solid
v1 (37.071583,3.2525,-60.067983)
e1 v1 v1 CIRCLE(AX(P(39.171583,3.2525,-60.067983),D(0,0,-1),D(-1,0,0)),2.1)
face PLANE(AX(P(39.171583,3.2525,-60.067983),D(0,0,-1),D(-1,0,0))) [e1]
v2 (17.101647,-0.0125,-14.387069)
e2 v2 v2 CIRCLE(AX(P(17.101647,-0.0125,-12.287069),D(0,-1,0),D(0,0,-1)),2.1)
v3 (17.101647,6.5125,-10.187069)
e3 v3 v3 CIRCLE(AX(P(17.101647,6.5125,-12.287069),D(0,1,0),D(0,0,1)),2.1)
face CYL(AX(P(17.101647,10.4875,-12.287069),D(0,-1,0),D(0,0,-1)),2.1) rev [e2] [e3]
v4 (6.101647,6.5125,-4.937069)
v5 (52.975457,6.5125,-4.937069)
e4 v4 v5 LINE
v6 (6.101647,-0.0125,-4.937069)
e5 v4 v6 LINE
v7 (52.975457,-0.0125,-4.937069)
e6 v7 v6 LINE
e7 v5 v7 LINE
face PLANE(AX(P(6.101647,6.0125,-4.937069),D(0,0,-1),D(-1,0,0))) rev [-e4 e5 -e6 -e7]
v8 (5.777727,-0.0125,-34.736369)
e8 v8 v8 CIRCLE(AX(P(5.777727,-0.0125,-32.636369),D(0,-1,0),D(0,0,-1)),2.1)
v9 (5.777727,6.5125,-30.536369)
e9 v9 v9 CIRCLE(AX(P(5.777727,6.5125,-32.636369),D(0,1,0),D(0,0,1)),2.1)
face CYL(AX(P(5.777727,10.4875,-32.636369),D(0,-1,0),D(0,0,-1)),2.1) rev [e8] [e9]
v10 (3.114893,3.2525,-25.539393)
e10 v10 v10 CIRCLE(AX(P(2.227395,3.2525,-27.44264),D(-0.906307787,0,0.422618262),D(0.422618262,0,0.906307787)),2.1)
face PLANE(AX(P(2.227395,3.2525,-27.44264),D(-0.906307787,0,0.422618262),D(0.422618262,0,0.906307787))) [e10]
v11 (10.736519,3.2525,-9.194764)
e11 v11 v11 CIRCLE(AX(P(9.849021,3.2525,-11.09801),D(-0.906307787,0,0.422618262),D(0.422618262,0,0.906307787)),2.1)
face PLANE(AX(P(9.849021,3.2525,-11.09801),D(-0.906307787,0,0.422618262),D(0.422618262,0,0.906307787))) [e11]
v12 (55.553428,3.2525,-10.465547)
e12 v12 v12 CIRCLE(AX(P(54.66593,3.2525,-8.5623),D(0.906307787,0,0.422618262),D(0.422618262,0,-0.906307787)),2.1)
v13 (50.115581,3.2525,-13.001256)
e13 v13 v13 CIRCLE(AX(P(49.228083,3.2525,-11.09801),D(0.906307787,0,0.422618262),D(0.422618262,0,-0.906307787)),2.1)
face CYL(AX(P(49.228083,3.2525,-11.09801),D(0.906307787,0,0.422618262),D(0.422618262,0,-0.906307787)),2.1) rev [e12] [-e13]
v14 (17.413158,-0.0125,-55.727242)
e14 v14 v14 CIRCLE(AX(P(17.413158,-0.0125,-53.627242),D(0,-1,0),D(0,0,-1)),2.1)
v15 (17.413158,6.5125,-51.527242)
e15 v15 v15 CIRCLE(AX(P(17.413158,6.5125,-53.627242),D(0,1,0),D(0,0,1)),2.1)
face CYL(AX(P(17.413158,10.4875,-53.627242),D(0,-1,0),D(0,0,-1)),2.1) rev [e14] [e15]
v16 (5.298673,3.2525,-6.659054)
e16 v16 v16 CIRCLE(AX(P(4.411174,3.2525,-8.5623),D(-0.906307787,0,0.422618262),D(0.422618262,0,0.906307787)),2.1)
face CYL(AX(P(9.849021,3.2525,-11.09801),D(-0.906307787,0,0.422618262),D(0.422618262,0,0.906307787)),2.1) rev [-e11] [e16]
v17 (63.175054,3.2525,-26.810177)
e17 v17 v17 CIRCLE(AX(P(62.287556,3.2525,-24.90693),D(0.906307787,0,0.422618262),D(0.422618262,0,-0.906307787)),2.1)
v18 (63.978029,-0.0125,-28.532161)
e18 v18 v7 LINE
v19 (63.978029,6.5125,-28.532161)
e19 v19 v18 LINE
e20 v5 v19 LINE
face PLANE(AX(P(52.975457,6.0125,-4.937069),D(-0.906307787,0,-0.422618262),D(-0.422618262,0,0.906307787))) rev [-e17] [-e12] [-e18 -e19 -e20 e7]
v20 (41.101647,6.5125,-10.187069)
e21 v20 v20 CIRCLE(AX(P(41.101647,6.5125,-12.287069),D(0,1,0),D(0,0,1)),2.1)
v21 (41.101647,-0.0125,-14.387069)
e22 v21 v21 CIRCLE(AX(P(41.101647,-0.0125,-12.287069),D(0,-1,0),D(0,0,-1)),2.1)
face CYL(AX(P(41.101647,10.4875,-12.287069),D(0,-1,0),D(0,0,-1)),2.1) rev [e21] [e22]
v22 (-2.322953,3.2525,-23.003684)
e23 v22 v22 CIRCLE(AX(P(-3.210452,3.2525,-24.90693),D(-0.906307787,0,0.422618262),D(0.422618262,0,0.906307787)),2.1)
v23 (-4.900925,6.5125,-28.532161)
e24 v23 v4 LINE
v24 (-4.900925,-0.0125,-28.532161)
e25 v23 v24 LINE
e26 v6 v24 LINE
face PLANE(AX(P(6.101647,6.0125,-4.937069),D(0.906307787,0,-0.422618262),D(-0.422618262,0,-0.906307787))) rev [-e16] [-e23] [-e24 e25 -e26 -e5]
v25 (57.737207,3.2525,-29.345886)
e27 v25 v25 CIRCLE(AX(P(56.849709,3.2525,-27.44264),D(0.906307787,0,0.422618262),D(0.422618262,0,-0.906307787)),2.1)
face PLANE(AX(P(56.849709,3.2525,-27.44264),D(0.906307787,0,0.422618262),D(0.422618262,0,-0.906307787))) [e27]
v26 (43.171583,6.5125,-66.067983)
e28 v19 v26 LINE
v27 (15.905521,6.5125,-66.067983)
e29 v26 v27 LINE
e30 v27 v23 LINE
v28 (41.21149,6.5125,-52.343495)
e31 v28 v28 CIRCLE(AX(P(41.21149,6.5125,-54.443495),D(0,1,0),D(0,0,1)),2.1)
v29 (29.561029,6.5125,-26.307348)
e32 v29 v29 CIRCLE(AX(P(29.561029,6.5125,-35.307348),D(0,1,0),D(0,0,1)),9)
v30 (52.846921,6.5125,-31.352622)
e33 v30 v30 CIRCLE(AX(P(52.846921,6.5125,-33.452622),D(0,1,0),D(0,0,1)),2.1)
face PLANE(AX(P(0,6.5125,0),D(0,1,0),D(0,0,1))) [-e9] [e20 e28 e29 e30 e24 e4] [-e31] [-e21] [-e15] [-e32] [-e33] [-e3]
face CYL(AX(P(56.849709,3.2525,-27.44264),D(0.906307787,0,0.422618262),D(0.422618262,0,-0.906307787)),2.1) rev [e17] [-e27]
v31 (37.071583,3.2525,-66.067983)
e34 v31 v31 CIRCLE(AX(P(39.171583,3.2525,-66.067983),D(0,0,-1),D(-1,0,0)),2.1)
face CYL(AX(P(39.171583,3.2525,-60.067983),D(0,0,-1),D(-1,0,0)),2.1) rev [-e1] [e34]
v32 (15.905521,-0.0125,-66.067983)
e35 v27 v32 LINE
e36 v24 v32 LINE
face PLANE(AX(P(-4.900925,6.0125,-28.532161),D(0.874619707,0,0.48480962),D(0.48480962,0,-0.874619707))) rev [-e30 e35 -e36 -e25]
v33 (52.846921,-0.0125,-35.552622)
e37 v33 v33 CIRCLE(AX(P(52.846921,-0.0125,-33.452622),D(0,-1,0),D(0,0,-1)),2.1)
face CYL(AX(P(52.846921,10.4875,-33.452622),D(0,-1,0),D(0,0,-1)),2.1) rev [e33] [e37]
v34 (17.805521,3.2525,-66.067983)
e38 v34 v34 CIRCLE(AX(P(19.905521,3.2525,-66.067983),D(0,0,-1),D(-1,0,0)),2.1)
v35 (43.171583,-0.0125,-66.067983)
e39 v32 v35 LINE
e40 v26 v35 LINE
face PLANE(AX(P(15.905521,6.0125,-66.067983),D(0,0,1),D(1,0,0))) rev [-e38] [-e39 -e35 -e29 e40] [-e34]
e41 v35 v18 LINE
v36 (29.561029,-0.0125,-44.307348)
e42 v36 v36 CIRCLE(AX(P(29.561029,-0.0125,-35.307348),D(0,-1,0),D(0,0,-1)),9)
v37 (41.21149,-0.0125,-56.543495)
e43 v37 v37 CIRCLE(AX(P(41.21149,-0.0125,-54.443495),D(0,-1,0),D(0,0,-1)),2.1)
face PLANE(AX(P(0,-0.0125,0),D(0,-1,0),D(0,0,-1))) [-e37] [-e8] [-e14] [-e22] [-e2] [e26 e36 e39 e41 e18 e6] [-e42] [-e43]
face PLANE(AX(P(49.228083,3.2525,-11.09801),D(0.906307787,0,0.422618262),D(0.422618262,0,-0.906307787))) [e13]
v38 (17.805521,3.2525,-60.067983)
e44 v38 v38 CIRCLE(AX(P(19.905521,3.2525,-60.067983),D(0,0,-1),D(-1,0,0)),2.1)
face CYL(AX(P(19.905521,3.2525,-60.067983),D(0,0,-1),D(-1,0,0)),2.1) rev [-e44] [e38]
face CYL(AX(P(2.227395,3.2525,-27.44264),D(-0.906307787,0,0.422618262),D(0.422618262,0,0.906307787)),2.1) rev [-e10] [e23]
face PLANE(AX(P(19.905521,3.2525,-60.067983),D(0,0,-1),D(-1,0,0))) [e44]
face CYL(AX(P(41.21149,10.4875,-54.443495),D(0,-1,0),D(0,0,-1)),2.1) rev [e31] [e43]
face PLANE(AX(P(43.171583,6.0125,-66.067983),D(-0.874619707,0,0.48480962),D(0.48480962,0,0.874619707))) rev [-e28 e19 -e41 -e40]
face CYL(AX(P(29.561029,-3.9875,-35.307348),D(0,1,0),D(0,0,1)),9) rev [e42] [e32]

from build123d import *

# Parameters (mm, degrees)
BOSS_EXTRUDE1_DEPTH = 6.5
SCALE1_SCALE        = 0.85
SKETCH2_R           = 9
CUT_EXTRUDE1_DEPTH  = 10
SKETCH7_R           = 2.1
CUT_EXTRUDE7_DEPTH  = 6
SKETCH8_R           = 2.1
CUT_EXTRUDE8_DEPTH  = 6
SKETCH9_R           = 2.1
CUT_EXTRUDE9_DEPTH  = 6
SKETCH10_R          = 2.1
CUT_EXTRUDE10_DEPTH = 10
SKETCH12_R          = 2.1
SKETCH12_R_2        = 9
BOSS_EXTRUDE2_DEPTH = 0.5
SKETCH13_R          = 2.1
SKETCH13_R_2        = 9
BOSS_EXTRUDE3_DEPTH = 0.5


with BuildPart() as part:
    # Sketch1 → Boss-Extrude1 (new body)
    with BuildSketch(Plane(origin=(0, 0, 0), x_dir=(1, 0, 0), z_dir=(0, 1, 0))):
        Polygon((1.965722873, 0), (57.111381005, 0), (70.055583492, 27.758931813), (45.577412376, 71.918721468), (13.499691502, 71.918721468), (-10.978479614, 27.758931813), align=None)
    extrude(amount=BOSS_EXTRUDE1_DEPTH)


with BuildPart() as part_1:
    # Scale1: scaled about (29.538551939, 3.25, -32.913795141)
    add(part.part.scale(SCALE1_SCALE).moved(Location((4.430782791, 0.4875, -4.937069271))))

    # Sketch2 → Cut-Extrude1 (cut)
    with BuildSketch(Plane(origin=(0, 6.0125, 0), x_dir=(1, 0, 0), z_dir=(0, 1, 0))):
        with Locations((29.561028759, 35.307348014)):
            Circle(SKETCH2_R)
    extrude(amount=-CUT_EXTRUDE1_DEPTH, mode=Mode.SUBTRACT)

    # Sketch7 → Cut-Extrude7 (cut)
    with BuildSketch(Plane(origin=(6.902862477, 0, -3.218857636), x_dir=(0.422618262, 0, 0.906307787), z_dir=(-0.906307787, 0, 0.422618262))):
        with Locations((-23.930140333, 3.2525)):
            Circle(SKETCH7_R)
        with Locations((-5.895836778, 3.2525)):
            Circle(SKETCH7_R)
    extrude(amount=-CUT_EXTRUDE7_DEPTH, mode=Mode.SUBTRACT)

    # Sketch8 → Cut-Extrude8 (cut)
    with BuildSketch(Plane(origin=(0, 0, -66.067982519), x_dir=(-1, 0, 0), z_dir=(0, 0, -1))):
        with Locations((-39.17158331, 3.2525)):
            Circle(SKETCH8_R)
        with Locations((-19.905520568, 3.2525)):
            Circle(SKETCH8_R)
    extrude(amount=-CUT_EXTRUDE8_DEPTH, mode=Mode.SUBTRACT)

    # Sketch9 → Cut-Extrude9 (cut)
    with BuildSketch(Plane(origin=(41.622704657, 0, 19.408985935), x_dir=(0.422618262, 0, -0.906307787), z_dir=(0.906307787, 0, 0.422618262))):
        with Locations((30.862899728, 3.2525)):
            Circle(SKETCH9_R)
        with Locations((48.897203282, 3.2525)):
            Circle(SKETCH9_R)
    extrude(amount=-CUT_EXTRUDE9_DEPTH, mode=Mode.SUBTRACT)

    # Sketch10 → Cut-Extrude10 (cut)
    with BuildSketch(Plane.XZ.offset(-0.4875)):
        with Locations((41.211489709, -54.443494734)):
            Circle(SKETCH10_R)
        with Locations((52.846920595, -33.452621763)):
            Circle(SKETCH10_R)
        with Locations((17.41315777, -53.627241783)):
            Circle(SKETCH10_R)
        with Locations((5.777726884, -32.636368812)):
            Circle(SKETCH10_R)
        with Locations((17.101647233, -12.287069271)):
            Circle(SKETCH10_R)
        with Locations((41.101647233, -12.287069271)):
            Circle(SKETCH10_R)
    extrude(amount=-CUT_EXTRUDE10_DEPTH, mode=Mode.SUBTRACT)

    # Sketch12 → Boss-Extrude2 (add)
    with BuildSketch(Plane(origin=(0, 6.0125, 0), x_dir=(1, 0, 0), z_dir=(0, 1, 0))):
        Polygon((-4.900924881, 28.532161313), (6.101647233, 4.937069271), (52.975456645, 4.937069271), (63.978028759, 28.532161313), (43.17158331, 66.067982519), (15.905520568, 66.067982519), align=None)
        with Locations((17.101647233, 12.287069271)):
            Circle(SKETCH12_R, mode=Mode.SUBTRACT)
        with Locations((41.211489709, 54.443494734)):
            Circle(SKETCH12_R, mode=Mode.SUBTRACT)
        with Locations((29.561028759, 35.307348014)):
            Circle(SKETCH12_R_2, mode=Mode.SUBTRACT)
        with Locations((5.777726884, 32.636368812)):
            Circle(SKETCH12_R, mode=Mode.SUBTRACT)
        with Locations((41.101647233, 12.287069271)):
            Circle(SKETCH12_R, mode=Mode.SUBTRACT)
        with Locations((52.846920595, 33.452621763)):
            Circle(SKETCH12_R, mode=Mode.SUBTRACT)
        with Locations((17.41315777, 53.627241783)):
            Circle(SKETCH12_R, mode=Mode.SUBTRACT)
    extrude(amount=BOSS_EXTRUDE2_DEPTH)

    # Sketch13 → Boss-Extrude3 (add)
    with BuildSketch(Plane.XZ.offset(-0.4875)):
        Polygon((6.101647233, -4.937069271), (-4.900924881, -28.532161313), (15.905520568, -66.067982519), (43.17158331, -66.067982519), (63.978028759, -28.532161313), (52.975456645, -4.937069271), align=None)
        with Locations((41.101647233, -12.287069271)):
            Circle(SKETCH13_R, mode=Mode.SUBTRACT)
        with Locations((17.101647233, -12.287069271)):
            Circle(SKETCH13_R, mode=Mode.SUBTRACT)
        with Locations((5.777726884, -32.636368812)):
            Circle(SKETCH13_R, mode=Mode.SUBTRACT)
        with Locations((41.211489709, -54.443494734)):
            Circle(SKETCH13_R, mode=Mode.SUBTRACT)
        with Locations((29.561028759, -35.307348014)):
            Circle(SKETCH13_R_2, mode=Mode.SUBTRACT)
        with Locations((52.846920595, -33.452621763)):
            Circle(SKETCH13_R, mode=Mode.SUBTRACT)
        with Locations((17.41315777, -53.627241783)):
            Circle(SKETCH13_R, mode=Mode.SUBTRACT)
    extrude(amount=BOSS_EXTRUDE3_DEPTH)


solid = part_1.part
